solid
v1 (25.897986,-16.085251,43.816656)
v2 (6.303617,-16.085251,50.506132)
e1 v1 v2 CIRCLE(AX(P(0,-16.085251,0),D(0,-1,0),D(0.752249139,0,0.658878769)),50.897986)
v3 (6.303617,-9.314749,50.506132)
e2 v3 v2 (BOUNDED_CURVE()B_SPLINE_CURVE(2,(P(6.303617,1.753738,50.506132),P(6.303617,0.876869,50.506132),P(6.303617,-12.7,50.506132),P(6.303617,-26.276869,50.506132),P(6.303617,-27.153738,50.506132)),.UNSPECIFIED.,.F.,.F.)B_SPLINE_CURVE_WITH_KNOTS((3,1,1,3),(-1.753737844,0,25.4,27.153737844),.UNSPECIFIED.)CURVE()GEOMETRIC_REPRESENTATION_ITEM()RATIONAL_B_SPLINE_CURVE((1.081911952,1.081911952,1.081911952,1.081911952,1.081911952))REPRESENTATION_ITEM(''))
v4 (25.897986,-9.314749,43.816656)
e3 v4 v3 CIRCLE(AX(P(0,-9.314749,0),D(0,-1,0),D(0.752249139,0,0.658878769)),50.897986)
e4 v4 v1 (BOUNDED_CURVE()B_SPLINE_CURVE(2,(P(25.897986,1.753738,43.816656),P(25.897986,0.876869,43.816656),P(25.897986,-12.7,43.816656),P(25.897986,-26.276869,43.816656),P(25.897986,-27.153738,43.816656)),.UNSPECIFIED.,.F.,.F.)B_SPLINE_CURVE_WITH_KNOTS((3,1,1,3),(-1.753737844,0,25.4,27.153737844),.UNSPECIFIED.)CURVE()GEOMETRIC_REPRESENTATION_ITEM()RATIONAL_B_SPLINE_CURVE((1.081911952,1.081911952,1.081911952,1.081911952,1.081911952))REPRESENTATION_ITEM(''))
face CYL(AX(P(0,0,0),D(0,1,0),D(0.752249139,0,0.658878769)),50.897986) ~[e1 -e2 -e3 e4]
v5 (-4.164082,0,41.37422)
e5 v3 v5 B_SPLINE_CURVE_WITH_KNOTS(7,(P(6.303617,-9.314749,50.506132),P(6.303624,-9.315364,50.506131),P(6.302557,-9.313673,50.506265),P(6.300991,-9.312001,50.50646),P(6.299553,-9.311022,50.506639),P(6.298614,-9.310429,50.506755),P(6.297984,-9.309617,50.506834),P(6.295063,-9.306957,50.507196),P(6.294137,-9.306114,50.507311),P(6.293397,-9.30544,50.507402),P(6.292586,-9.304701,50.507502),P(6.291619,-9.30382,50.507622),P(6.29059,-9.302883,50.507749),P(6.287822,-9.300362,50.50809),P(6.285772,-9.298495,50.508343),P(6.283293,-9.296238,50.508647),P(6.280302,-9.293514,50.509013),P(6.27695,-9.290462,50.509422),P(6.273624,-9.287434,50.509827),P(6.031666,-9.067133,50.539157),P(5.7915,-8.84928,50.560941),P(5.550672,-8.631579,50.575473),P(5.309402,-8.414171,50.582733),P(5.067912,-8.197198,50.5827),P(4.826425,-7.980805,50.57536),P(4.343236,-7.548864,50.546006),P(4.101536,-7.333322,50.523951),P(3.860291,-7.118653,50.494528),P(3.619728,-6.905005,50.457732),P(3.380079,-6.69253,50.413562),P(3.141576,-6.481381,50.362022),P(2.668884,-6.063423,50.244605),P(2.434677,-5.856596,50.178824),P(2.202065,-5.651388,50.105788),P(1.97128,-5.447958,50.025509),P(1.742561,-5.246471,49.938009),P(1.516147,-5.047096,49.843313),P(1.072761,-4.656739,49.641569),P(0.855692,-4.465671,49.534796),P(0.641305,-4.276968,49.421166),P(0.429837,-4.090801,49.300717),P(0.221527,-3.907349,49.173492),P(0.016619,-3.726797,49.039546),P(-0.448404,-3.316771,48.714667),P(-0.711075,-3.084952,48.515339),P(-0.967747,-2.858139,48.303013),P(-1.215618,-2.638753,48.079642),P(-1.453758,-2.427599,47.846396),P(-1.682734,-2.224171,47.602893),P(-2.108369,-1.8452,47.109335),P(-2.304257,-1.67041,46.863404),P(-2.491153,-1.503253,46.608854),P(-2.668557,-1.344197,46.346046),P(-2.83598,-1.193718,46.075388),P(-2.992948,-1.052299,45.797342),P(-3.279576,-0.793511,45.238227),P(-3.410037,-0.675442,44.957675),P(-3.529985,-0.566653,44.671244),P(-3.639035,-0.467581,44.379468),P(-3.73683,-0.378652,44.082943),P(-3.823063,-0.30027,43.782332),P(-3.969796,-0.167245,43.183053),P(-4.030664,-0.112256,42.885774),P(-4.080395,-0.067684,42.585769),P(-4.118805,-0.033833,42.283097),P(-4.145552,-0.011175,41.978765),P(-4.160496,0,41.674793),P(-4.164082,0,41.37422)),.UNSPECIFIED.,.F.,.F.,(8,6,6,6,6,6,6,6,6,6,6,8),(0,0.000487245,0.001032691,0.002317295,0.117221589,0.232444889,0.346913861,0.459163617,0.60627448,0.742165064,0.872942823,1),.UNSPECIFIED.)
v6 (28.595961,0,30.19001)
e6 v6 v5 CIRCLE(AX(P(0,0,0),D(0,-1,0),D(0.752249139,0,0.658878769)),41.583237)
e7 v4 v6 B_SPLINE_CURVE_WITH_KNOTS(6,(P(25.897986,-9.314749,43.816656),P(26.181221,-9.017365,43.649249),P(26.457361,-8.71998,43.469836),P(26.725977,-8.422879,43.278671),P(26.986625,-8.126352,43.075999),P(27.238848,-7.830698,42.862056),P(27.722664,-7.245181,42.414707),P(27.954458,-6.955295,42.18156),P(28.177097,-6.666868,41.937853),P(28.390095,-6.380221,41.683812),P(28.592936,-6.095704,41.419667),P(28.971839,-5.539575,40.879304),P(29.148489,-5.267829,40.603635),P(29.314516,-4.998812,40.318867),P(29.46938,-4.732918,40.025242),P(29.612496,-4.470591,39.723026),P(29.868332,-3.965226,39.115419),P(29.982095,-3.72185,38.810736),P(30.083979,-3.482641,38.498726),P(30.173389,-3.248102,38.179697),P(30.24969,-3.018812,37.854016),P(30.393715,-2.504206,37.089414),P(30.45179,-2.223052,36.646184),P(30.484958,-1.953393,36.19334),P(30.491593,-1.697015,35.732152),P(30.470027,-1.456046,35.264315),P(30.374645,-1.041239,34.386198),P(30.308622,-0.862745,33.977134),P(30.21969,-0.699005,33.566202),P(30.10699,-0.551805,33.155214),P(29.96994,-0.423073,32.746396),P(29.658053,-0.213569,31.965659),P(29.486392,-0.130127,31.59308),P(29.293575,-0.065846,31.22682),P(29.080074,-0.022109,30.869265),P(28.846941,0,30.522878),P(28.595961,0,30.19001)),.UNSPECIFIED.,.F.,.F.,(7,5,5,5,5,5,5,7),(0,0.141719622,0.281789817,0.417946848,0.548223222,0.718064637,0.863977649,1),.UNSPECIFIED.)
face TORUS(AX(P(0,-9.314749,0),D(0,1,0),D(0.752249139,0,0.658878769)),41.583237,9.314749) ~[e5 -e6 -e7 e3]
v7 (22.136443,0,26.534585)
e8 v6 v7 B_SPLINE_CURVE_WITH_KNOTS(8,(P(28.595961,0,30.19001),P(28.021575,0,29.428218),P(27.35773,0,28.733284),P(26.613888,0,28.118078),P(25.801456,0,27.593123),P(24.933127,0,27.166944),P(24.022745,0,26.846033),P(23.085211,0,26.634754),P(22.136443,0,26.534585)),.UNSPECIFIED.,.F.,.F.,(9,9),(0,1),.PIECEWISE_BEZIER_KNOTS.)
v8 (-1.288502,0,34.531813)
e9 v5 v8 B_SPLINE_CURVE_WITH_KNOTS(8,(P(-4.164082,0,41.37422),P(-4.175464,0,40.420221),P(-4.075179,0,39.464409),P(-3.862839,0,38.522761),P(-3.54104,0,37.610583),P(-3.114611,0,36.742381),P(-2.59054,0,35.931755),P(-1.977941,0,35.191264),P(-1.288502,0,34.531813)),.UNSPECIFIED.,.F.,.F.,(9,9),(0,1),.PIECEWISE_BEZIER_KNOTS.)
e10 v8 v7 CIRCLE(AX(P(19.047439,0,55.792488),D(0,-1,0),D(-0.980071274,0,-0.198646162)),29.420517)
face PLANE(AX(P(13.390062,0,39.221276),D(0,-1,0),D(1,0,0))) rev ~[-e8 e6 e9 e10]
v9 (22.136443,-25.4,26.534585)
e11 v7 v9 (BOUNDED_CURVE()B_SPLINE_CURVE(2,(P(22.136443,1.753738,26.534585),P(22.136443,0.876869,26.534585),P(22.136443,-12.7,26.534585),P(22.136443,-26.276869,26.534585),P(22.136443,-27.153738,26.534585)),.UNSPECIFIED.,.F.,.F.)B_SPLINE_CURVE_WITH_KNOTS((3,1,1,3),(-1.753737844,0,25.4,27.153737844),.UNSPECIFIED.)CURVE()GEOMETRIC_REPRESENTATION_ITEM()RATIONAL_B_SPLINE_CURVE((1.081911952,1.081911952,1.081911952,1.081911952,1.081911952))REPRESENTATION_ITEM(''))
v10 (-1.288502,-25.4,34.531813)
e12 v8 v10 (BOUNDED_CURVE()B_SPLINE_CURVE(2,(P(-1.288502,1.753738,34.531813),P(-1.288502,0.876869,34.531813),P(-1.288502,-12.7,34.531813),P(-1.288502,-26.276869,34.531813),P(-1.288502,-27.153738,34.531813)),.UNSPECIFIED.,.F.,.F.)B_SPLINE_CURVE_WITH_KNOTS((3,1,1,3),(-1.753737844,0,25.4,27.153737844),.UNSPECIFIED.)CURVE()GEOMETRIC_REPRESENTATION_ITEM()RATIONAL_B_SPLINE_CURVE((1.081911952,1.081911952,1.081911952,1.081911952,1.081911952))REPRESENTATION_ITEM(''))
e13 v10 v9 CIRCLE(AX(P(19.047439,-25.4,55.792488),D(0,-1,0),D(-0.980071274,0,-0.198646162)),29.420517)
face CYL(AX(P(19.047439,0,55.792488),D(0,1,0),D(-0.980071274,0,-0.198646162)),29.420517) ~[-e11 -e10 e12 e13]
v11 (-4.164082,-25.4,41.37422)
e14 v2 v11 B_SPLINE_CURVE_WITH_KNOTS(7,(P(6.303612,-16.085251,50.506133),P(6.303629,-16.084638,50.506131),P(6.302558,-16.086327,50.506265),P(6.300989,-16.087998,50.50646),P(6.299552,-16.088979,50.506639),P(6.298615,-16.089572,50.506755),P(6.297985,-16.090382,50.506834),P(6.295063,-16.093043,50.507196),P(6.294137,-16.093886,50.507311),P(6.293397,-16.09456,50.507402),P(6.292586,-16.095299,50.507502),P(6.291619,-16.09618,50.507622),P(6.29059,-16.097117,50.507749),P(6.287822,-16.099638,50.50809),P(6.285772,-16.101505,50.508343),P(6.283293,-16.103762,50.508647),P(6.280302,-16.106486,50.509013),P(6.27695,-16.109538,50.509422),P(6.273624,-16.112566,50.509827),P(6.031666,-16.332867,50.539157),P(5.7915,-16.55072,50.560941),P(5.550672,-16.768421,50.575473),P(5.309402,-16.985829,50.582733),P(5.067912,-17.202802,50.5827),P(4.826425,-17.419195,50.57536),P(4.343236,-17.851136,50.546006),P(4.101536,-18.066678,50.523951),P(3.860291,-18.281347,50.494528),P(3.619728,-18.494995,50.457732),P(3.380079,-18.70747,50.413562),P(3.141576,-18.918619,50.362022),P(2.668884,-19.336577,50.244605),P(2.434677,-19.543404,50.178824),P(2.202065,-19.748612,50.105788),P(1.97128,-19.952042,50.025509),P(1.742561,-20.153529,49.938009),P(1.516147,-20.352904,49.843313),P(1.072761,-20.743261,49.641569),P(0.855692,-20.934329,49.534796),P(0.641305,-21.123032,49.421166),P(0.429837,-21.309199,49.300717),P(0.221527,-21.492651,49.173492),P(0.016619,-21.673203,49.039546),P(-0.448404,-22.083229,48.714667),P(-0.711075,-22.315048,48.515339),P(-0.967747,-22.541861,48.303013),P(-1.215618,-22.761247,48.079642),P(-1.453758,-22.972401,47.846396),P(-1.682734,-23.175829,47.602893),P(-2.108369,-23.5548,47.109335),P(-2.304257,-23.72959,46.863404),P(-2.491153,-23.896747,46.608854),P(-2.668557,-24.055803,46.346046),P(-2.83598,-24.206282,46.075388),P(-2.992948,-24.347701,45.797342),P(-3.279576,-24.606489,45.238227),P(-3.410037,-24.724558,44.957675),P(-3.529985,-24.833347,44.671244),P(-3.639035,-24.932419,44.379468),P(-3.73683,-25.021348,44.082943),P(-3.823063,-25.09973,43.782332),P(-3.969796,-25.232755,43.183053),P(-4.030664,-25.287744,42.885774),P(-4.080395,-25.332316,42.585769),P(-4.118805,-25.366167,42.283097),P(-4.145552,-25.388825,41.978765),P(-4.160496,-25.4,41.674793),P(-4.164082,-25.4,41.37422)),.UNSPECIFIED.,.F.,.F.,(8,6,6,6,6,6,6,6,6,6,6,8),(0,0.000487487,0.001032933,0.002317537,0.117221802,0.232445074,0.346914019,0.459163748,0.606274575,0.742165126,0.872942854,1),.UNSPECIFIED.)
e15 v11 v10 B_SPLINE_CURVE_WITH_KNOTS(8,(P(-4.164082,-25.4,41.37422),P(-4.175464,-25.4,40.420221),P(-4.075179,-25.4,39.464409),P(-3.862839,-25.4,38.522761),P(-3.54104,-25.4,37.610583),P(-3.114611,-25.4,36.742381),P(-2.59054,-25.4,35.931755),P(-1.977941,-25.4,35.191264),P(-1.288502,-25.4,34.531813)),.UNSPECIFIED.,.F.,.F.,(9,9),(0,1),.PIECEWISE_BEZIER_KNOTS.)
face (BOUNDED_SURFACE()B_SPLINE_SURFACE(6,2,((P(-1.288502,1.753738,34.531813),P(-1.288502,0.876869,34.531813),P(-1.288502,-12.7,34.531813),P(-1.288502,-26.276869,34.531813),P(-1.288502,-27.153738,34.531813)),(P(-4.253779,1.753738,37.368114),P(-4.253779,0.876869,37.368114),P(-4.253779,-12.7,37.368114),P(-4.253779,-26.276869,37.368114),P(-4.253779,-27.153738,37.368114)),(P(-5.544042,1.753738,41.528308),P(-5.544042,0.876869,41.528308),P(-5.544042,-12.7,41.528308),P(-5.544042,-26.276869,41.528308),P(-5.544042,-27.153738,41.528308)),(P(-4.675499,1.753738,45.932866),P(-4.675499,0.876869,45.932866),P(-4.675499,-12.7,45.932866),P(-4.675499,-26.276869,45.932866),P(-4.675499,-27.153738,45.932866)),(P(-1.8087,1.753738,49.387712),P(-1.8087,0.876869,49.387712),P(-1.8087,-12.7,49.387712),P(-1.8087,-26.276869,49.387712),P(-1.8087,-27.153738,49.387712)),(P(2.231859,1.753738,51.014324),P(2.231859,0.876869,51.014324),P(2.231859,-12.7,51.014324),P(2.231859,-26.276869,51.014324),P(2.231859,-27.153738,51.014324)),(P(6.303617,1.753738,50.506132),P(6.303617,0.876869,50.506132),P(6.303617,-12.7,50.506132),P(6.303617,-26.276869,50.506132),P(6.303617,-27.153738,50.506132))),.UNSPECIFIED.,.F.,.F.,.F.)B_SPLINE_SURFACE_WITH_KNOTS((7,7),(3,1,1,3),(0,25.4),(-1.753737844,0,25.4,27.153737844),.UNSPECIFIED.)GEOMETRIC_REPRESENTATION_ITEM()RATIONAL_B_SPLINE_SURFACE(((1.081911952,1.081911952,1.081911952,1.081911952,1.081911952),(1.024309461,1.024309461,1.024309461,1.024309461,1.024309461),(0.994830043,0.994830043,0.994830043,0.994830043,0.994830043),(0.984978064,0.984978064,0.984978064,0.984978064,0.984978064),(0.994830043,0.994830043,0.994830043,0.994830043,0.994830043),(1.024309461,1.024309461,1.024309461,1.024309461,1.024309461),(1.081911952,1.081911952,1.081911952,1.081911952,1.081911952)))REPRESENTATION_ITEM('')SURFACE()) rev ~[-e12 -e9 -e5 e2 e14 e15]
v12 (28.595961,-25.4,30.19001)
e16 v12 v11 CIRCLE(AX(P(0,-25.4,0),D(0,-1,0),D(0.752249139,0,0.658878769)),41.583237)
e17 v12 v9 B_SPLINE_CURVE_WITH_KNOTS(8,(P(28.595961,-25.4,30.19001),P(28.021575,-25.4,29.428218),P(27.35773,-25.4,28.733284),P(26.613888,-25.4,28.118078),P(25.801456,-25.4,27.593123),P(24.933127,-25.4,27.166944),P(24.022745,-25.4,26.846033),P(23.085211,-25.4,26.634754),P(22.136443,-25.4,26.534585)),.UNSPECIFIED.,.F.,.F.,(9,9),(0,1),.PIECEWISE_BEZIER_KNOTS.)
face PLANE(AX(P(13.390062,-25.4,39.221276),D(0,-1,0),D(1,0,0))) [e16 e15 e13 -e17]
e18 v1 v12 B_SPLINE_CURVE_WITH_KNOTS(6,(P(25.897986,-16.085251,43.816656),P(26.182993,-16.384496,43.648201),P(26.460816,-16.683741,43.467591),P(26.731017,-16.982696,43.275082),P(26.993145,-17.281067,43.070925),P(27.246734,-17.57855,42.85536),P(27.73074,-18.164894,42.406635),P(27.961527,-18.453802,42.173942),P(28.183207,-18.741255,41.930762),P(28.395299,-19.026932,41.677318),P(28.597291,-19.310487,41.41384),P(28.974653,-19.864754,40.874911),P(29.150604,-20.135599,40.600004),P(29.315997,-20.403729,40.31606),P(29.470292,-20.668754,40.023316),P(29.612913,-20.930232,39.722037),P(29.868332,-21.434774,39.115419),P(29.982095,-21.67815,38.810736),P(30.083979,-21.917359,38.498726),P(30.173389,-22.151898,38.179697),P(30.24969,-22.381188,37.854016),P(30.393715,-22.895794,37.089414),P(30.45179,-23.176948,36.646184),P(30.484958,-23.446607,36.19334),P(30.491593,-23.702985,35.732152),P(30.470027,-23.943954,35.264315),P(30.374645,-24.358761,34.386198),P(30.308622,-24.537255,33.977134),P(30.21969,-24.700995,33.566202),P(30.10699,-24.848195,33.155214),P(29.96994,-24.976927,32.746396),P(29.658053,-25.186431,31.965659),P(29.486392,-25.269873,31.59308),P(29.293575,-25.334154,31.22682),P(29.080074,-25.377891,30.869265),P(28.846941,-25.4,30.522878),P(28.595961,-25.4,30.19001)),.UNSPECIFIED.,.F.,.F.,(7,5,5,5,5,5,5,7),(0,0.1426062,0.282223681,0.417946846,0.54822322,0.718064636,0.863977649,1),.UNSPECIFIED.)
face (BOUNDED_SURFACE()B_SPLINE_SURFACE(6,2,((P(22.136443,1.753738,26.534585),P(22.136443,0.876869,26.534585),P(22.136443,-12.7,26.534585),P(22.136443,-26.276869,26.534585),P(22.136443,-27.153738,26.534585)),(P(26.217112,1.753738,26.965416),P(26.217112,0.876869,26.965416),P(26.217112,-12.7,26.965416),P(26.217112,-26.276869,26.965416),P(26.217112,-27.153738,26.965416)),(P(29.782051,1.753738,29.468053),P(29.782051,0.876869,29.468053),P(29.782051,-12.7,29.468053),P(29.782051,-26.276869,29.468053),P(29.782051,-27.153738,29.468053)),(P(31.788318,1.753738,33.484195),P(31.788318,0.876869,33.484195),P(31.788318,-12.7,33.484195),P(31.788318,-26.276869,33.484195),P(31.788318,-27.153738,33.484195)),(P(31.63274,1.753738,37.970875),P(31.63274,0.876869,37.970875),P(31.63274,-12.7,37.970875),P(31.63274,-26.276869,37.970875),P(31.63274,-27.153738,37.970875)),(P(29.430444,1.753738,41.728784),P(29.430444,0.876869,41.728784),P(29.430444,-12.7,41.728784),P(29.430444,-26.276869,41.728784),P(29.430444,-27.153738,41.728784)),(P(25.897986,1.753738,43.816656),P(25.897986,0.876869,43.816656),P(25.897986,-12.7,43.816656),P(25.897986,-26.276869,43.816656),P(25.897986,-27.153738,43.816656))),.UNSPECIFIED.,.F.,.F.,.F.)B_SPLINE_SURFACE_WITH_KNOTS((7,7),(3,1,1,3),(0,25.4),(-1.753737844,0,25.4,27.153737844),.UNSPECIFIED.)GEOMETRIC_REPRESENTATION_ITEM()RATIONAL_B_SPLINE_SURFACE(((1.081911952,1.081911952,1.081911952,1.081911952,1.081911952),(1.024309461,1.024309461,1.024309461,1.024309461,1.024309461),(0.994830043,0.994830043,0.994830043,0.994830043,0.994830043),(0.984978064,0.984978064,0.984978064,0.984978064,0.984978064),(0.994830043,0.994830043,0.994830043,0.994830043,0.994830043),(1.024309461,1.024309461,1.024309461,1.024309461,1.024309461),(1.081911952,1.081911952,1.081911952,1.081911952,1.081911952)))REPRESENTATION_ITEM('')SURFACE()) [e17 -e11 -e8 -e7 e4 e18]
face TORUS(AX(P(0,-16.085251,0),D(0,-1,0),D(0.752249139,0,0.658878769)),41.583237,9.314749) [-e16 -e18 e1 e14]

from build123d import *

# Parameters (mm, degrees)
F1_DEPTH = 25.4
F2_R     = 9.314748508


with BuildPart() as f1:
    # F0 (on Front) → F1 (new body)
    with BuildSketch(Plane.XZ):
        with BuildLine():
            ThreePointArc((-9.7867649186, 49.9482152801), (9.542013007, 27.9498280552), (38.2879661491, 33.5356023564))
            ThreePointArc((38.2879661491, 33.5356023564), (16.444545711, 48.1682664583), (-9.7867649186, 49.9482152801))
        make_face()
    extrude(amount=F1_DEPTH)

    # F2
    f2_edges = [f1.edges().sort_by_distance(p)[0] for p in [
        (38.287966, -12.7, 33.535602),
        (-9.786765, -12.7, 49.948215),
        (16.444546, 0, 48.168266),
        (16.444546, -25.4, 48.168266),
    ]]
    fillet(f2_edges, radius=F2_R)


solid = f1.part
